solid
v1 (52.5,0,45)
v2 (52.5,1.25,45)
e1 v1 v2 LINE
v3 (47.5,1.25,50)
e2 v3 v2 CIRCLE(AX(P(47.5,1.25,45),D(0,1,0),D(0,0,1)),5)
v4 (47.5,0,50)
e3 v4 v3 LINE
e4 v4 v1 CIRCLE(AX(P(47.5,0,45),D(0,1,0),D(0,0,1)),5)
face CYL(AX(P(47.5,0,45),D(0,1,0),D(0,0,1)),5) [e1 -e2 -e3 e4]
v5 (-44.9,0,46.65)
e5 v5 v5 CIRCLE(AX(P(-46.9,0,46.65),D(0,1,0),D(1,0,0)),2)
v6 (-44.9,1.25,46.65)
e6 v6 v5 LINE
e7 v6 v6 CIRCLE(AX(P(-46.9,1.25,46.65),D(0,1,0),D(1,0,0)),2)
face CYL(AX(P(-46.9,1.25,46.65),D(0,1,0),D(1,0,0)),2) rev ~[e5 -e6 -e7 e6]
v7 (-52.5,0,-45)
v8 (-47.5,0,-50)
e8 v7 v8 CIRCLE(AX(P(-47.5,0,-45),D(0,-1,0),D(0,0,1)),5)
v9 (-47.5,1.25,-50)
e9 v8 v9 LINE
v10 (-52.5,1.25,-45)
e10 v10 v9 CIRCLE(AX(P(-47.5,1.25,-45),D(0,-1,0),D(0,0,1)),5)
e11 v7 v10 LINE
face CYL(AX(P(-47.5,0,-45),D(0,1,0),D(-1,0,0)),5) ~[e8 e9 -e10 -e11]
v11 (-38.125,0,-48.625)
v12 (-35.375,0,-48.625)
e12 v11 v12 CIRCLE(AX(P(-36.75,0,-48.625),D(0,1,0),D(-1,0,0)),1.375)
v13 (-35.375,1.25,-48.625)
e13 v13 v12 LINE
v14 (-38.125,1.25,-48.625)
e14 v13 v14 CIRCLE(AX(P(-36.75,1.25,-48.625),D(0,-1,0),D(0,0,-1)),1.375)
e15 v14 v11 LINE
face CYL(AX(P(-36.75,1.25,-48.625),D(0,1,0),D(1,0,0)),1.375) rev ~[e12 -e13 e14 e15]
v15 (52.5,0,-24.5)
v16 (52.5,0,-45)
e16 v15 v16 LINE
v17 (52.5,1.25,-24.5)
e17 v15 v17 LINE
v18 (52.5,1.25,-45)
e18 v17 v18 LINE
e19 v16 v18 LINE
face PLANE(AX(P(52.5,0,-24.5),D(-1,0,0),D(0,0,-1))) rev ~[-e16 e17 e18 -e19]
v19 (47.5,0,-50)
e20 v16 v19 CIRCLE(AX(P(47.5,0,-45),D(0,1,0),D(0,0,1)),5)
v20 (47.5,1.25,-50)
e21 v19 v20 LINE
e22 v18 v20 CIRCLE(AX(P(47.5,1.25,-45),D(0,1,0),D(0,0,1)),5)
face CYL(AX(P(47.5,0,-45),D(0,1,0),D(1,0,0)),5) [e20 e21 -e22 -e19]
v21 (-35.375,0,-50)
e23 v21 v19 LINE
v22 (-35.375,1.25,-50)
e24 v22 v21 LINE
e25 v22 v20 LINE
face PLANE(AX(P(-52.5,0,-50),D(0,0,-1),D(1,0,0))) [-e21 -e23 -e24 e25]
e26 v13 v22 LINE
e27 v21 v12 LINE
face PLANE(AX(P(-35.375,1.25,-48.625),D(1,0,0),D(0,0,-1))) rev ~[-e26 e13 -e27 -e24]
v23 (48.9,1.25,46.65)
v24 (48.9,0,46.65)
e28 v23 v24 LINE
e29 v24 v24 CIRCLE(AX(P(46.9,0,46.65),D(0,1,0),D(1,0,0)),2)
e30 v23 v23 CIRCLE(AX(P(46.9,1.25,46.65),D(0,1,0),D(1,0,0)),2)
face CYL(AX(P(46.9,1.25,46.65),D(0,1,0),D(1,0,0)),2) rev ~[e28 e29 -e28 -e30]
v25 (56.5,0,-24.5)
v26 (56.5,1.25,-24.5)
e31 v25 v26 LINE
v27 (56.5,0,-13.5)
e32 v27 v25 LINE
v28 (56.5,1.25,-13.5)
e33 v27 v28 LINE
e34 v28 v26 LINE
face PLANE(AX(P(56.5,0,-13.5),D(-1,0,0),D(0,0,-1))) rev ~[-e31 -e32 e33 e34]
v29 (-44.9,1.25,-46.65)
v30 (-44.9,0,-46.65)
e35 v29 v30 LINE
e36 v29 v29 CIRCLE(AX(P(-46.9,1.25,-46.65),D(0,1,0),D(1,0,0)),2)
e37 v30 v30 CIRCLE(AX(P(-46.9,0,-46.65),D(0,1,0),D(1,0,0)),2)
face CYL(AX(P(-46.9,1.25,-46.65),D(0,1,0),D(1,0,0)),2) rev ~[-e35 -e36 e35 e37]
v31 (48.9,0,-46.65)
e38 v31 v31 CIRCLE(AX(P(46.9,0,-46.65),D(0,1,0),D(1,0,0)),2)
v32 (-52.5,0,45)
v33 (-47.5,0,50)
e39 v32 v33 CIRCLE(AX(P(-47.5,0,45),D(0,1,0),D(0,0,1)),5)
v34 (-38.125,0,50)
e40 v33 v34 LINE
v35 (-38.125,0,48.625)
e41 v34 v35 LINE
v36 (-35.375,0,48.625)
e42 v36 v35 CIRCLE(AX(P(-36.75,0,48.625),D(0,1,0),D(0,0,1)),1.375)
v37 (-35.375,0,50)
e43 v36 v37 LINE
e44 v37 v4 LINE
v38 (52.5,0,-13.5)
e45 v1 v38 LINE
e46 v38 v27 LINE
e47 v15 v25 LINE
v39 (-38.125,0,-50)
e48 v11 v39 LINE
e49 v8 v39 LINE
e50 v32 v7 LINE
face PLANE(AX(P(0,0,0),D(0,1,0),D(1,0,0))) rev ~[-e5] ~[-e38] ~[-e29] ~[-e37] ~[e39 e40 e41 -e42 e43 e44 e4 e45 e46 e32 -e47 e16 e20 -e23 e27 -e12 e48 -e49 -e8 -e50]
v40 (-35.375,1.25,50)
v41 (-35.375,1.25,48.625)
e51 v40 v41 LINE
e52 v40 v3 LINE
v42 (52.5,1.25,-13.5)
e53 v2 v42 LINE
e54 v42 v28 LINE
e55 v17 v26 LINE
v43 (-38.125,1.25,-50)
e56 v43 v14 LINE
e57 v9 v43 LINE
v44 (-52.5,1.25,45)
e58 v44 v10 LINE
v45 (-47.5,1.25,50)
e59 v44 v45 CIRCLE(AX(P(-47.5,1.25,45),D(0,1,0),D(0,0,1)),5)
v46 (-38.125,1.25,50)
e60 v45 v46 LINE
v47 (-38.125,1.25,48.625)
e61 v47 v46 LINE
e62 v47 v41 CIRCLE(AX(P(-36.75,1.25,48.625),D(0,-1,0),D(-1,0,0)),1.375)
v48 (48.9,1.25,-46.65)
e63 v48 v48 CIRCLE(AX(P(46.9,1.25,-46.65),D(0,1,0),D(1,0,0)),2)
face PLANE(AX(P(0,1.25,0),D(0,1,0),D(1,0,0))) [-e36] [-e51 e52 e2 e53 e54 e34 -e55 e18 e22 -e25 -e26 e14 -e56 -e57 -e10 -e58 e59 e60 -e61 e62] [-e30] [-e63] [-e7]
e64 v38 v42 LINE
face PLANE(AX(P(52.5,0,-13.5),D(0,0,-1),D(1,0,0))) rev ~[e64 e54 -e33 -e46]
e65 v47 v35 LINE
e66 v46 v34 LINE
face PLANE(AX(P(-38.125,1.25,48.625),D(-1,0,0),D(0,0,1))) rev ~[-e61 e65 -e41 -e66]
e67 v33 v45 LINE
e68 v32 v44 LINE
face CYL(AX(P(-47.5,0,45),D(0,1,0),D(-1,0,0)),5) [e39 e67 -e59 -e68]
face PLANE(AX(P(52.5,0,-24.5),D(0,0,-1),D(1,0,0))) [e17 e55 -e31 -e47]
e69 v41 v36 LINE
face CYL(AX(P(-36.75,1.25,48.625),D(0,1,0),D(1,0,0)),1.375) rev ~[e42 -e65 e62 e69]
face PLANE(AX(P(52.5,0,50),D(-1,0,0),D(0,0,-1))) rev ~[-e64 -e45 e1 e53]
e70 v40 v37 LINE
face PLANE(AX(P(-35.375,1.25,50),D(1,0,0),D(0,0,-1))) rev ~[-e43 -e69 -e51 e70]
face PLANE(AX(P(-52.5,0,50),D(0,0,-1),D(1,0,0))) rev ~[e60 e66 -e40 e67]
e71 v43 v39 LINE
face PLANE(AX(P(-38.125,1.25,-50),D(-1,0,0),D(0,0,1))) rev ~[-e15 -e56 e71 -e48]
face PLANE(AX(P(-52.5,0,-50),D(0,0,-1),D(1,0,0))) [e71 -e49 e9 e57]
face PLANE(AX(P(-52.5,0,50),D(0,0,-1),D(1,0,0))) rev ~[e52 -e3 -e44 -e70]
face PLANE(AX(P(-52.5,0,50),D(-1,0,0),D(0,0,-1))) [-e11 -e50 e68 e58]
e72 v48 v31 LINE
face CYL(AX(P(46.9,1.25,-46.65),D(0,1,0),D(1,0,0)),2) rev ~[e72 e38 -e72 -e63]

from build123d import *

# Parameters (mm, degrees)
SKETCH1_W                  = 105
SKETCH1_H                  = 100
SKETCH1_W_2                = 4
SKETCH1_H_2                = 11
MAIN_PCB_DEPTH             = 1.25
MAIN_PCB_ROUNDED_CORNERS_R = 5
MAIN_PCB_HOLES_REACH       = 3.25
SKETCH2_R                  = 2
SKETCH2_R_2                = 1.375


with BuildPart() as part:
    # Sketch1 → Main PCB (new body)
    with BuildSketch(Plane(origin=(0, 0, 0), x_dir=(1, 0, 0), z_dir=(0, 1, 0))):
        Rectangle(SKETCH1_W, SKETCH1_H)
        with Locations((54.5, 19)):
            Rectangle(SKETCH1_W_2, SKETCH1_H_2)
    extrude(amount=MAIN_PCB_DEPTH)

    # Main PCB rounded corners
    main_pcb_rounded_corners_edges = [part.edges().sort_by_distance(p)[0] for p in [
        (52.5, 0.625, 50),
        (-52.5, 0.625, 50),
        (-52.5, 0.625, -50),
        (52.5, 0.625, -50),
    ]]
    fillet(main_pcb_rounded_corners_edges, radius=MAIN_PCB_ROUNDED_CORNERS_R)

    # Sketch2 → Main PCB holes (cut, up to next)
    with BuildSketch(Plane(origin=(0, 1.25, 0), x_dir=(1, 0, 0), z_dir=(0, 1, 0)), mode=Mode.PRIVATE) as main_pcb_holes_sk1:
        with Locations((-46.9, 46.65)):
            Circle(SKETCH2_R)
    main_pcb_holes_tool1 = extrude(main_pcb_holes_sk1.sketch, amount=-MAIN_PCB_HOLES_REACH, mode=Mode.PRIVATE) & part.part
    add(main_pcb_holes_tool1.solids().sort_by_distance((-46.9, 1.25, -46.65))[0], mode=Mode.SUBTRACT)
    # Sketch2 → Main PCB holes (cut, up to next)
    with BuildSketch(Plane(origin=(0, 1.25, 0), x_dir=(1, 0, 0), z_dir=(0, 1, 0)), mode=Mode.PRIVATE) as main_pcb_holes_sk2:
        with Locations((46.9, 46.65)):
            Circle(SKETCH2_R)
    main_pcb_holes_tool2 = extrude(main_pcb_holes_sk2.sketch, amount=-MAIN_PCB_HOLES_REACH, mode=Mode.PRIVATE) & part.part
    add(main_pcb_holes_tool2.solids().sort_by_distance((46.9, 1.25, -46.65))[0], mode=Mode.SUBTRACT)
    # Sketch2 → Main PCB holes (cut, up to next)
    with BuildSketch(Plane(origin=(0, 1.25, 0), x_dir=(1, 0, 0), z_dir=(0, 1, 0)), mode=Mode.PRIVATE) as main_pcb_holes_sk3:
        with Locations((46.9, -46.65)):
            Circle(SKETCH2_R)
    main_pcb_holes_tool3 = extrude(main_pcb_holes_sk3.sketch, amount=-MAIN_PCB_HOLES_REACH, mode=Mode.PRIVATE) & part.part
    add(main_pcb_holes_tool3.solids().sort_by_distance((46.9, 1.25, 46.65))[0], mode=Mode.SUBTRACT)
    # Sketch2 → Main PCB holes (cut, up to next)
    with BuildSketch(Plane(origin=(0, 1.25, 0), x_dir=(1, 0, 0), z_dir=(0, 1, 0)), mode=Mode.PRIVATE) as main_pcb_holes_sk4:
        with Locations((-46.9, -46.65)):
            Circle(SKETCH2_R)
    main_pcb_holes_tool4 = extrude(main_pcb_holes_sk4.sketch, amount=-MAIN_PCB_HOLES_REACH, mode=Mode.PRIVATE) & part.part
    add(main_pcb_holes_tool4.solids().sort_by_distance((-46.9, 1.25, 46.65))[0], mode=Mode.SUBTRACT)
    # Sketch2 → Main PCB holes (cut, up to next)
    with BuildSketch(Plane(origin=(0, 1.25, 0), x_dir=(1, 0, 0), z_dir=(0, 1, 0)), mode=Mode.PRIVATE) as main_pcb_holes_sk5:
        with Locations((-36.75, -48.625)):
            Circle(SKETCH2_R_2)
    main_pcb_holes_tool5 = extrude(main_pcb_holes_sk5.sketch, amount=-MAIN_PCB_HOLES_REACH, mode=Mode.PRIVATE) & part.part
    add(main_pcb_holes_tool5.solids().sort_by_distance((-36.75, 1.25, 48.625))[0], mode=Mode.SUBTRACT)
    # Sketch2 → Main PCB holes (cut, up to next)
    with BuildSketch(Plane(origin=(0, 1.25, 0), x_dir=(1, 0, 0), z_dir=(0, 1, 0)), mode=Mode.PRIVATE) as main_pcb_holes_sk6:
        with BuildLine():
            ThreePointArc((-36.75, -50), (-37.722271824, -49.597271824), (-38.125, -48.625))
            Line((-38.125, -48.625), (-38.125, -50))
            Line((-38.125, -50), (-36.75, -50))
        make_face()
    main_pcb_holes_tool6 = extrude(main_pcb_holes_sk6.sketch, amount=-MAIN_PCB_HOLES_REACH, mode=Mode.PRIVATE) & part.part
    add(main_pcb_holes_tool6.solids().sort_by_distance((-37.817869, 1.25, 49.692869))[0], mode=Mode.SUBTRACT)
    # Sketch2 → Main PCB holes (cut, up to next)
    with BuildSketch(Plane(origin=(0, 1.25, 0), x_dir=(1, 0, 0), z_dir=(0, 1, 0)), mode=Mode.PRIVATE) as main_pcb_holes_sk7:
        with BuildLine():
            Line((-35.375, -50), (-35.375, -48.625))
            ThreePointArc((-35.375, -48.625), (-35.777728176, -49.597271824), (-36.75, -50))
            Line((-36.75, -50), (-35.375, -50))
        make_face()
    main_pcb_holes_tool7 = extrude(main_pcb_holes_sk7.sketch, amount=-MAIN_PCB_HOLES_REACH, mode=Mode.PRIVATE) & part.part
    add(main_pcb_holes_tool7.solids().sort_by_distance((-35.682131, 1.25, 49.692869))[0], mode=Mode.SUBTRACT)
    # Sketch2 → Main PCB holes (cut, up to next)
    with BuildSketch(Plane(origin=(0, 1.25, 0), x_dir=(1, 0, 0), z_dir=(0, 1, 0)), mode=Mode.PRIVATE) as main_pcb_holes_sk8:
        with BuildLine():
            Line((-36.75, 50), (-38.125, 50))
            Line((-38.125, 50), (-38.125, 48.625))
            ThreePointArc((-38.125, 48.625), (-37.722271824, 49.597271824), (-36.75, 50))
        make_face()
    main_pcb_holes_tool8 = extrude(main_pcb_holes_sk8.sketch, amount=-MAIN_PCB_HOLES_REACH, mode=Mode.PRIVATE) & part.part
    add(main_pcb_holes_tool8.solids().sort_by_distance((-37.817869, 1.25, -49.692869))[0], mode=Mode.SUBTRACT)
    # Sketch2 → Main PCB holes (cut, up to next)
    with BuildSketch(Plane(origin=(0, 1.25, 0), x_dir=(1, 0, 0), z_dir=(0, 1, 0)), mode=Mode.PRIVATE) as main_pcb_holes_sk9:
        with Locations((-36.75, 48.625)):
            Circle(SKETCH2_R_2)
    main_pcb_holes_tool9 = extrude(main_pcb_holes_sk9.sketch, amount=-MAIN_PCB_HOLES_REACH, mode=Mode.PRIVATE) & part.part
    add(main_pcb_holes_tool9.solids().sort_by_distance((-36.75, 1.25, -48.625))[0], mode=Mode.SUBTRACT)
    # Sketch2 → Main PCB holes (cut, up to next)
    with BuildSketch(Plane(origin=(0, 1.25, 0), x_dir=(1, 0, 0), z_dir=(0, 1, 0)), mode=Mode.PRIVATE) as main_pcb_holes_sk10:
        with BuildLine():
            Line((-35.375, 50), (-36.75, 50))
            ThreePointArc((-36.75, 50), (-35.777728176, 49.597271824), (-35.375, 48.625))
            Line((-35.375, 48.625), (-35.375, 50))
        make_face()
    main_pcb_holes_tool10 = extrude(main_pcb_holes_sk10.sketch, amount=-MAIN_PCB_HOLES_REACH, mode=Mode.PRIVATE) & part.part
    add(main_pcb_holes_tool10.solids().sort_by_distance((-35.682131, 1.25, -49.692869))[0], mode=Mode.SUBTRACT)


solid = part.part
